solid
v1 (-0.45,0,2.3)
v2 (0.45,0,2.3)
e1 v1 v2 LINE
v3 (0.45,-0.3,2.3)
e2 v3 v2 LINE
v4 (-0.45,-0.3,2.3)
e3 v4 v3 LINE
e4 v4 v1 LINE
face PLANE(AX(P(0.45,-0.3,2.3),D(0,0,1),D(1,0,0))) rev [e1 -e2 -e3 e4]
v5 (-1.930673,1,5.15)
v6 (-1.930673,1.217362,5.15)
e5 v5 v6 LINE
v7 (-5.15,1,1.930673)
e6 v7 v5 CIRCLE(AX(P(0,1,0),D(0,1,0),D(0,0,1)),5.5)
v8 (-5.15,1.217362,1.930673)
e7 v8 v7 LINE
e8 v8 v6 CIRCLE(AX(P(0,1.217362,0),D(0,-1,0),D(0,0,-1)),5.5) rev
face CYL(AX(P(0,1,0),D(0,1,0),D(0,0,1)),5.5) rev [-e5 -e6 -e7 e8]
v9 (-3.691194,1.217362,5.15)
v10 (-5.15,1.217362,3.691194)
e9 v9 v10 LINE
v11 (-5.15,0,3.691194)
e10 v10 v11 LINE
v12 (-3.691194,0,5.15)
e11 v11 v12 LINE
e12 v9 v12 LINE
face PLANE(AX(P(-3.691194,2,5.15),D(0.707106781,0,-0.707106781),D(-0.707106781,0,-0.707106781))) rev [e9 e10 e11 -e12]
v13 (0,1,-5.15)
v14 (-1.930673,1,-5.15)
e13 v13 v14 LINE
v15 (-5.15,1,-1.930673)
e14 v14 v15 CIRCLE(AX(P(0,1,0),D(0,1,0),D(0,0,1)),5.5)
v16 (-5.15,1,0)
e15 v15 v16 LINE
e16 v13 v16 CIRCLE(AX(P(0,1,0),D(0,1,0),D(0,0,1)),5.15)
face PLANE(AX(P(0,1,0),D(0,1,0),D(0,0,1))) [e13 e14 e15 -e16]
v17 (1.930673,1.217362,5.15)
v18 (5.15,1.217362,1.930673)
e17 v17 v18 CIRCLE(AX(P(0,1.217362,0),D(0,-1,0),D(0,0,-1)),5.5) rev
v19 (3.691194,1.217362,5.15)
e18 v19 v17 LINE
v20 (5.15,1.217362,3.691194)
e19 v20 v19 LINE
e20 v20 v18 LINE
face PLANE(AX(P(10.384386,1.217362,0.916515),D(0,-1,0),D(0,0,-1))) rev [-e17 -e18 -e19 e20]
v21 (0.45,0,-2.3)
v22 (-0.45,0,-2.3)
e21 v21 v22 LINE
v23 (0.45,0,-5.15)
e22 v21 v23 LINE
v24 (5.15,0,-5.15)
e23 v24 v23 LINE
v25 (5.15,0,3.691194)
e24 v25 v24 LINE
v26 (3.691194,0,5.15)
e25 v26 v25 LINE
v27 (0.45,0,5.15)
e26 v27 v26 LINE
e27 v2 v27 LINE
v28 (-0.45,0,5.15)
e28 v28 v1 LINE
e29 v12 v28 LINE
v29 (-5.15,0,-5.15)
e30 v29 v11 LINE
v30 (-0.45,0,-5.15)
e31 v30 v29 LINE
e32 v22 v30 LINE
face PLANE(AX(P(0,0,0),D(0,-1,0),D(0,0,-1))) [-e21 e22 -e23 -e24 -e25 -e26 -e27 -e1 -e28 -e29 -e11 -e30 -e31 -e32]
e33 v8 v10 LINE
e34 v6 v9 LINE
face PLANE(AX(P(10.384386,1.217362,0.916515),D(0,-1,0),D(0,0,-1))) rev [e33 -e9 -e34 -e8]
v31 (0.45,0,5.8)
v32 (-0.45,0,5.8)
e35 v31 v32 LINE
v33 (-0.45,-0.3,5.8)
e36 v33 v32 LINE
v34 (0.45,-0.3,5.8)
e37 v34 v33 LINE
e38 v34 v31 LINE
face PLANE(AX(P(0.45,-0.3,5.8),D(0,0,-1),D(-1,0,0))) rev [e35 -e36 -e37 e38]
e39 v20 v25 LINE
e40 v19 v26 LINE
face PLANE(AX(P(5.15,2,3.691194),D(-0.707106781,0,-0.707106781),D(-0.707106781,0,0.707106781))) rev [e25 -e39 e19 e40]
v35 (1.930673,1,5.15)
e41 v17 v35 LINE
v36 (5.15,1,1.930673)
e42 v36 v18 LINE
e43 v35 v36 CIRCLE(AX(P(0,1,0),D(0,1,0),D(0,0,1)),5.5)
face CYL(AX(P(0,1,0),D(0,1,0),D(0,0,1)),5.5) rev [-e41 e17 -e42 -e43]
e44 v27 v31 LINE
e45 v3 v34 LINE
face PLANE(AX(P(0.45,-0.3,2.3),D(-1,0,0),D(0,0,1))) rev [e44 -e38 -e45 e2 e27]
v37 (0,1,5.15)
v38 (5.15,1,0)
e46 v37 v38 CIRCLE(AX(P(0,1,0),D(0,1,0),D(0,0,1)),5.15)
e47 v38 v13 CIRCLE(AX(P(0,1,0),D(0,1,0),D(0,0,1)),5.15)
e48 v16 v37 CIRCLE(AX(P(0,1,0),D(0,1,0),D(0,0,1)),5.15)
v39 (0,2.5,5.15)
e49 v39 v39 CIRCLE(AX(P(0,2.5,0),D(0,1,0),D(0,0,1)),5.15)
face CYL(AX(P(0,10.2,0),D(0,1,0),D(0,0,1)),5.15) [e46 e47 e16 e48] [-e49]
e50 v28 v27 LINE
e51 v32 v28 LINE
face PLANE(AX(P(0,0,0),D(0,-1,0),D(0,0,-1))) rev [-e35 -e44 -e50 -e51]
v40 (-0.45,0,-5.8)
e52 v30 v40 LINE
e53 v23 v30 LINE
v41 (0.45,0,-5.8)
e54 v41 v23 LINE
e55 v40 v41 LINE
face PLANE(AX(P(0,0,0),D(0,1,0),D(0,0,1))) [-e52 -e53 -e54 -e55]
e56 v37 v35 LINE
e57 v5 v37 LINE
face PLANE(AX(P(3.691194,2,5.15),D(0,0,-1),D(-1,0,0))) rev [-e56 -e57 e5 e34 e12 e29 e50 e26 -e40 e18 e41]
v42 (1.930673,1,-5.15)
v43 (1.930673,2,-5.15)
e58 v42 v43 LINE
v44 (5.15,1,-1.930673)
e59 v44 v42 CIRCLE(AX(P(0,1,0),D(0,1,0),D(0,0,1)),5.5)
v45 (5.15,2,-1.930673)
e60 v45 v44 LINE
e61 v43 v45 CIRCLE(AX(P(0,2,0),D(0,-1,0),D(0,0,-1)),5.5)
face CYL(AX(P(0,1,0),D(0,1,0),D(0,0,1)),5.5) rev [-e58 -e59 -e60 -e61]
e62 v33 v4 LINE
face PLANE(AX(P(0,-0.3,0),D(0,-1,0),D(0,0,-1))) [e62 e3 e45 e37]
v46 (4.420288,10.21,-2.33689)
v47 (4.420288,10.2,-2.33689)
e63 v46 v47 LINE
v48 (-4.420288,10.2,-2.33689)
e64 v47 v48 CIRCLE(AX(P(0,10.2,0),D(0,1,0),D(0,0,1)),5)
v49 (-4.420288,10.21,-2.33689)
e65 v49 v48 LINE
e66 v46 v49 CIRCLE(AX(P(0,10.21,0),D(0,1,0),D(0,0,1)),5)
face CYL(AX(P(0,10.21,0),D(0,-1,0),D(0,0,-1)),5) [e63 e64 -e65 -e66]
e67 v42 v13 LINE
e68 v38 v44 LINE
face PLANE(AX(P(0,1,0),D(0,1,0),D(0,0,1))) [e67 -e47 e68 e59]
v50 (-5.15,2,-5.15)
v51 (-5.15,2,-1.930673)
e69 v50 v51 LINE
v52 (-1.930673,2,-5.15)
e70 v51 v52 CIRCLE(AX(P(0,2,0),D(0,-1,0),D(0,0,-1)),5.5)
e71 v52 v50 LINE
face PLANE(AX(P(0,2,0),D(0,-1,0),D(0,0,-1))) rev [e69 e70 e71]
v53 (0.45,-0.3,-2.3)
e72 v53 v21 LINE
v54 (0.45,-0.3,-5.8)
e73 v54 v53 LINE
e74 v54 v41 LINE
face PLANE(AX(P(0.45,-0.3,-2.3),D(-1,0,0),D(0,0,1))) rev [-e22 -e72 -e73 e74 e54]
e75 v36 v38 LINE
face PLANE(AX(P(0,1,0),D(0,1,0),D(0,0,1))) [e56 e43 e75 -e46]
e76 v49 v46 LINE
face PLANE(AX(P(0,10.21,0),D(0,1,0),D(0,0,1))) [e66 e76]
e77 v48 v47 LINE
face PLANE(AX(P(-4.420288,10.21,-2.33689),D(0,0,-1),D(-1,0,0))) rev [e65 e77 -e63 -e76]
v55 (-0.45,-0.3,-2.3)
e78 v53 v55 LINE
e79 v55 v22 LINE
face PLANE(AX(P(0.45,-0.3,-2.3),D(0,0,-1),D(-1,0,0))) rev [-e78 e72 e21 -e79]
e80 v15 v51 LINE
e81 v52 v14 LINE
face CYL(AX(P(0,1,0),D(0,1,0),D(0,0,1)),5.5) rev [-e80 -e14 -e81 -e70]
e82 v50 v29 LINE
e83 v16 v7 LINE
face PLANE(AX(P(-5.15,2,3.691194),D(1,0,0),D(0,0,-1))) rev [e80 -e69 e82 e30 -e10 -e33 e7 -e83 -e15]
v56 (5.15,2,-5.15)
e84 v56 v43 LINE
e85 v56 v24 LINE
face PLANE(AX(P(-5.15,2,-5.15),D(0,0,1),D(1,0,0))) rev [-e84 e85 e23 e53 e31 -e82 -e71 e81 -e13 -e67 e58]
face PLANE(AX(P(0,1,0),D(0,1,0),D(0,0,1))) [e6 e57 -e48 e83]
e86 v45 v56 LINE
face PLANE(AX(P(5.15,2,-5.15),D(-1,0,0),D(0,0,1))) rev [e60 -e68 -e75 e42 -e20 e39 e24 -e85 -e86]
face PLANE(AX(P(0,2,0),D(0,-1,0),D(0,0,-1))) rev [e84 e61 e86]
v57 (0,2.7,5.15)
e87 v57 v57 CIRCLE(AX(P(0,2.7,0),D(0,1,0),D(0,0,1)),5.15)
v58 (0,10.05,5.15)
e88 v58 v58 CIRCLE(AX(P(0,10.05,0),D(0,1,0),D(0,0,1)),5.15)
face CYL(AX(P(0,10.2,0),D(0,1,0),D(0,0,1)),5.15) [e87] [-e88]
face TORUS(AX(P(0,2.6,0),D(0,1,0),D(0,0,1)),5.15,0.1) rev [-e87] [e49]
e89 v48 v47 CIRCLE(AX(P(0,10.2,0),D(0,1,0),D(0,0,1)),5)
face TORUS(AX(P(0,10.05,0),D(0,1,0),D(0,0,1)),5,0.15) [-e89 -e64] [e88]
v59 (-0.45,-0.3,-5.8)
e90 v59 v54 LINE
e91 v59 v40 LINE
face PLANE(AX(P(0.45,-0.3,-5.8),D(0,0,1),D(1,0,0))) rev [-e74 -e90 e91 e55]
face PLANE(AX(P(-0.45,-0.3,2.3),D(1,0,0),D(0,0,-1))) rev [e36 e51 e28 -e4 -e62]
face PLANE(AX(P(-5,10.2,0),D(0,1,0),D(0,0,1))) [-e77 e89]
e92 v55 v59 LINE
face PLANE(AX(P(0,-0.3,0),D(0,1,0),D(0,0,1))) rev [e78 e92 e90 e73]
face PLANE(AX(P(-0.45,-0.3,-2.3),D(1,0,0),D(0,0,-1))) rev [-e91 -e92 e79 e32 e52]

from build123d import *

# Parameters (mm, degrees)
BOSS_EXTRUDE1_DEPTH = 2
SKETCH2_R           = 5.5
CUT_EXTRUDE1_DEPTH  = 1
CUT_EXTRUDE4_START  = -10.3
SKETCH8_W           = 4.983499023
SKETCH8_H           = 1.601104922
CUT_EXTRUDE4_DEPTH  = 10.3
BOSS_EXTRUDE4_DEPTH = 0.01
SKETCH9_W           = 0.9
SKETCH9_H           = 3.5
BOSS_EXTRUDE5_DEPTH = 0.3


with BuildPart() as part:
    # Sketch1 → Boss-Extrude1 (new body)
    with BuildSketch(Plane(origin=(0, 0, 0), x_dir=(1, 0, 0), z_dir=(0, 1, 0))):
        Polygon((-5.15, 5.15), (5.15, 5.15), (5.15, -3.691193695), (3.691193695, -5.15), (-3.691193695, -5.15), (-5.15, -3.691193695), align=None)
    extrude(amount=BOSS_EXTRUDE1_DEPTH)

    # Sketch2 → Cut-Extrude1 (cut)
    with BuildSketch(Plane(origin=(0, 2, 0), x_dir=(1, 0, 0), z_dir=(0, 1, 0))):
        Circle(SKETCH2_R)
    extrude(amount=-CUT_EXTRUDE1_DEPTH, mode=Mode.SUBTRACT)

    # Sketch8 → Cut-Extrude4 (cut)
    with BuildSketch(Plane.ZY.offset(5.15).offset(CUT_EXTRUDE4_START)):
        with Locations((3.408264651, 2.017914887)):
            Rectangle(SKETCH8_W, SKETCH8_H)
    extrude(amount=CUT_EXTRUDE4_DEPTH, mode=Mode.SUBTRACT)

    # Sketch5 → Revolve1 (revolve)
    with BuildSketch(Plane.XY, mode=Mode.PRIVATE) as revolve1_sk:
        with BuildLine():
            Line((0, 1), (-5.15, 1))
            Line((-5.15, 1), (-5.15, 2.5))
            ThreePointArc((-5.15, 2.5), (-5.05, 2.6), (-5.15, 2.7))
            Line((-5.15, 2.7), (-5.15, 10.05))
            ThreePointArc((-5.15, 10.05), (-5.106066017, 10.156066017), (-5, 10.2))
            Line((-5, 10.2), (0, 10.2))
            Line((0, 10.2), (0, 1))
        make_face()
    revolve(revolve1_sk.sketch.rotate(Axis((0, 10.2, 0), (0, -1, 0)), 270), axis=Axis((0, 10.2, 0), (0, -1, 0)))

    # Sketch6 → Boss-Extrude4 (add)
    with BuildSketch(Plane(origin=(0, 10.2, 0), x_dir=(1, 0, 0), z_dir=(0, 1, 0))):
        with BuildLine():
            Line((-4.420287671, 2.336890435), (4.420287671, 2.336890435))
            ThreePointArc((4.420287671, 2.336890435), (0, 5), (-4.420287671, 2.336890435))
        make_face()
    extrude(amount=BOSS_EXTRUDE4_DEPTH)

    # Sketch9 → Boss-Extrude5 (add)
    with BuildSketch(Plane.XZ):
        with Locations((0, -4.05)):
            Rectangle(SKETCH9_W, SKETCH9_H)
        with Locations((0, 4.05)):
            Rectangle(SKETCH9_W, SKETCH9_H)
    extrude(amount=BOSS_EXTRUDE5_DEPTH)


solid = part.part
